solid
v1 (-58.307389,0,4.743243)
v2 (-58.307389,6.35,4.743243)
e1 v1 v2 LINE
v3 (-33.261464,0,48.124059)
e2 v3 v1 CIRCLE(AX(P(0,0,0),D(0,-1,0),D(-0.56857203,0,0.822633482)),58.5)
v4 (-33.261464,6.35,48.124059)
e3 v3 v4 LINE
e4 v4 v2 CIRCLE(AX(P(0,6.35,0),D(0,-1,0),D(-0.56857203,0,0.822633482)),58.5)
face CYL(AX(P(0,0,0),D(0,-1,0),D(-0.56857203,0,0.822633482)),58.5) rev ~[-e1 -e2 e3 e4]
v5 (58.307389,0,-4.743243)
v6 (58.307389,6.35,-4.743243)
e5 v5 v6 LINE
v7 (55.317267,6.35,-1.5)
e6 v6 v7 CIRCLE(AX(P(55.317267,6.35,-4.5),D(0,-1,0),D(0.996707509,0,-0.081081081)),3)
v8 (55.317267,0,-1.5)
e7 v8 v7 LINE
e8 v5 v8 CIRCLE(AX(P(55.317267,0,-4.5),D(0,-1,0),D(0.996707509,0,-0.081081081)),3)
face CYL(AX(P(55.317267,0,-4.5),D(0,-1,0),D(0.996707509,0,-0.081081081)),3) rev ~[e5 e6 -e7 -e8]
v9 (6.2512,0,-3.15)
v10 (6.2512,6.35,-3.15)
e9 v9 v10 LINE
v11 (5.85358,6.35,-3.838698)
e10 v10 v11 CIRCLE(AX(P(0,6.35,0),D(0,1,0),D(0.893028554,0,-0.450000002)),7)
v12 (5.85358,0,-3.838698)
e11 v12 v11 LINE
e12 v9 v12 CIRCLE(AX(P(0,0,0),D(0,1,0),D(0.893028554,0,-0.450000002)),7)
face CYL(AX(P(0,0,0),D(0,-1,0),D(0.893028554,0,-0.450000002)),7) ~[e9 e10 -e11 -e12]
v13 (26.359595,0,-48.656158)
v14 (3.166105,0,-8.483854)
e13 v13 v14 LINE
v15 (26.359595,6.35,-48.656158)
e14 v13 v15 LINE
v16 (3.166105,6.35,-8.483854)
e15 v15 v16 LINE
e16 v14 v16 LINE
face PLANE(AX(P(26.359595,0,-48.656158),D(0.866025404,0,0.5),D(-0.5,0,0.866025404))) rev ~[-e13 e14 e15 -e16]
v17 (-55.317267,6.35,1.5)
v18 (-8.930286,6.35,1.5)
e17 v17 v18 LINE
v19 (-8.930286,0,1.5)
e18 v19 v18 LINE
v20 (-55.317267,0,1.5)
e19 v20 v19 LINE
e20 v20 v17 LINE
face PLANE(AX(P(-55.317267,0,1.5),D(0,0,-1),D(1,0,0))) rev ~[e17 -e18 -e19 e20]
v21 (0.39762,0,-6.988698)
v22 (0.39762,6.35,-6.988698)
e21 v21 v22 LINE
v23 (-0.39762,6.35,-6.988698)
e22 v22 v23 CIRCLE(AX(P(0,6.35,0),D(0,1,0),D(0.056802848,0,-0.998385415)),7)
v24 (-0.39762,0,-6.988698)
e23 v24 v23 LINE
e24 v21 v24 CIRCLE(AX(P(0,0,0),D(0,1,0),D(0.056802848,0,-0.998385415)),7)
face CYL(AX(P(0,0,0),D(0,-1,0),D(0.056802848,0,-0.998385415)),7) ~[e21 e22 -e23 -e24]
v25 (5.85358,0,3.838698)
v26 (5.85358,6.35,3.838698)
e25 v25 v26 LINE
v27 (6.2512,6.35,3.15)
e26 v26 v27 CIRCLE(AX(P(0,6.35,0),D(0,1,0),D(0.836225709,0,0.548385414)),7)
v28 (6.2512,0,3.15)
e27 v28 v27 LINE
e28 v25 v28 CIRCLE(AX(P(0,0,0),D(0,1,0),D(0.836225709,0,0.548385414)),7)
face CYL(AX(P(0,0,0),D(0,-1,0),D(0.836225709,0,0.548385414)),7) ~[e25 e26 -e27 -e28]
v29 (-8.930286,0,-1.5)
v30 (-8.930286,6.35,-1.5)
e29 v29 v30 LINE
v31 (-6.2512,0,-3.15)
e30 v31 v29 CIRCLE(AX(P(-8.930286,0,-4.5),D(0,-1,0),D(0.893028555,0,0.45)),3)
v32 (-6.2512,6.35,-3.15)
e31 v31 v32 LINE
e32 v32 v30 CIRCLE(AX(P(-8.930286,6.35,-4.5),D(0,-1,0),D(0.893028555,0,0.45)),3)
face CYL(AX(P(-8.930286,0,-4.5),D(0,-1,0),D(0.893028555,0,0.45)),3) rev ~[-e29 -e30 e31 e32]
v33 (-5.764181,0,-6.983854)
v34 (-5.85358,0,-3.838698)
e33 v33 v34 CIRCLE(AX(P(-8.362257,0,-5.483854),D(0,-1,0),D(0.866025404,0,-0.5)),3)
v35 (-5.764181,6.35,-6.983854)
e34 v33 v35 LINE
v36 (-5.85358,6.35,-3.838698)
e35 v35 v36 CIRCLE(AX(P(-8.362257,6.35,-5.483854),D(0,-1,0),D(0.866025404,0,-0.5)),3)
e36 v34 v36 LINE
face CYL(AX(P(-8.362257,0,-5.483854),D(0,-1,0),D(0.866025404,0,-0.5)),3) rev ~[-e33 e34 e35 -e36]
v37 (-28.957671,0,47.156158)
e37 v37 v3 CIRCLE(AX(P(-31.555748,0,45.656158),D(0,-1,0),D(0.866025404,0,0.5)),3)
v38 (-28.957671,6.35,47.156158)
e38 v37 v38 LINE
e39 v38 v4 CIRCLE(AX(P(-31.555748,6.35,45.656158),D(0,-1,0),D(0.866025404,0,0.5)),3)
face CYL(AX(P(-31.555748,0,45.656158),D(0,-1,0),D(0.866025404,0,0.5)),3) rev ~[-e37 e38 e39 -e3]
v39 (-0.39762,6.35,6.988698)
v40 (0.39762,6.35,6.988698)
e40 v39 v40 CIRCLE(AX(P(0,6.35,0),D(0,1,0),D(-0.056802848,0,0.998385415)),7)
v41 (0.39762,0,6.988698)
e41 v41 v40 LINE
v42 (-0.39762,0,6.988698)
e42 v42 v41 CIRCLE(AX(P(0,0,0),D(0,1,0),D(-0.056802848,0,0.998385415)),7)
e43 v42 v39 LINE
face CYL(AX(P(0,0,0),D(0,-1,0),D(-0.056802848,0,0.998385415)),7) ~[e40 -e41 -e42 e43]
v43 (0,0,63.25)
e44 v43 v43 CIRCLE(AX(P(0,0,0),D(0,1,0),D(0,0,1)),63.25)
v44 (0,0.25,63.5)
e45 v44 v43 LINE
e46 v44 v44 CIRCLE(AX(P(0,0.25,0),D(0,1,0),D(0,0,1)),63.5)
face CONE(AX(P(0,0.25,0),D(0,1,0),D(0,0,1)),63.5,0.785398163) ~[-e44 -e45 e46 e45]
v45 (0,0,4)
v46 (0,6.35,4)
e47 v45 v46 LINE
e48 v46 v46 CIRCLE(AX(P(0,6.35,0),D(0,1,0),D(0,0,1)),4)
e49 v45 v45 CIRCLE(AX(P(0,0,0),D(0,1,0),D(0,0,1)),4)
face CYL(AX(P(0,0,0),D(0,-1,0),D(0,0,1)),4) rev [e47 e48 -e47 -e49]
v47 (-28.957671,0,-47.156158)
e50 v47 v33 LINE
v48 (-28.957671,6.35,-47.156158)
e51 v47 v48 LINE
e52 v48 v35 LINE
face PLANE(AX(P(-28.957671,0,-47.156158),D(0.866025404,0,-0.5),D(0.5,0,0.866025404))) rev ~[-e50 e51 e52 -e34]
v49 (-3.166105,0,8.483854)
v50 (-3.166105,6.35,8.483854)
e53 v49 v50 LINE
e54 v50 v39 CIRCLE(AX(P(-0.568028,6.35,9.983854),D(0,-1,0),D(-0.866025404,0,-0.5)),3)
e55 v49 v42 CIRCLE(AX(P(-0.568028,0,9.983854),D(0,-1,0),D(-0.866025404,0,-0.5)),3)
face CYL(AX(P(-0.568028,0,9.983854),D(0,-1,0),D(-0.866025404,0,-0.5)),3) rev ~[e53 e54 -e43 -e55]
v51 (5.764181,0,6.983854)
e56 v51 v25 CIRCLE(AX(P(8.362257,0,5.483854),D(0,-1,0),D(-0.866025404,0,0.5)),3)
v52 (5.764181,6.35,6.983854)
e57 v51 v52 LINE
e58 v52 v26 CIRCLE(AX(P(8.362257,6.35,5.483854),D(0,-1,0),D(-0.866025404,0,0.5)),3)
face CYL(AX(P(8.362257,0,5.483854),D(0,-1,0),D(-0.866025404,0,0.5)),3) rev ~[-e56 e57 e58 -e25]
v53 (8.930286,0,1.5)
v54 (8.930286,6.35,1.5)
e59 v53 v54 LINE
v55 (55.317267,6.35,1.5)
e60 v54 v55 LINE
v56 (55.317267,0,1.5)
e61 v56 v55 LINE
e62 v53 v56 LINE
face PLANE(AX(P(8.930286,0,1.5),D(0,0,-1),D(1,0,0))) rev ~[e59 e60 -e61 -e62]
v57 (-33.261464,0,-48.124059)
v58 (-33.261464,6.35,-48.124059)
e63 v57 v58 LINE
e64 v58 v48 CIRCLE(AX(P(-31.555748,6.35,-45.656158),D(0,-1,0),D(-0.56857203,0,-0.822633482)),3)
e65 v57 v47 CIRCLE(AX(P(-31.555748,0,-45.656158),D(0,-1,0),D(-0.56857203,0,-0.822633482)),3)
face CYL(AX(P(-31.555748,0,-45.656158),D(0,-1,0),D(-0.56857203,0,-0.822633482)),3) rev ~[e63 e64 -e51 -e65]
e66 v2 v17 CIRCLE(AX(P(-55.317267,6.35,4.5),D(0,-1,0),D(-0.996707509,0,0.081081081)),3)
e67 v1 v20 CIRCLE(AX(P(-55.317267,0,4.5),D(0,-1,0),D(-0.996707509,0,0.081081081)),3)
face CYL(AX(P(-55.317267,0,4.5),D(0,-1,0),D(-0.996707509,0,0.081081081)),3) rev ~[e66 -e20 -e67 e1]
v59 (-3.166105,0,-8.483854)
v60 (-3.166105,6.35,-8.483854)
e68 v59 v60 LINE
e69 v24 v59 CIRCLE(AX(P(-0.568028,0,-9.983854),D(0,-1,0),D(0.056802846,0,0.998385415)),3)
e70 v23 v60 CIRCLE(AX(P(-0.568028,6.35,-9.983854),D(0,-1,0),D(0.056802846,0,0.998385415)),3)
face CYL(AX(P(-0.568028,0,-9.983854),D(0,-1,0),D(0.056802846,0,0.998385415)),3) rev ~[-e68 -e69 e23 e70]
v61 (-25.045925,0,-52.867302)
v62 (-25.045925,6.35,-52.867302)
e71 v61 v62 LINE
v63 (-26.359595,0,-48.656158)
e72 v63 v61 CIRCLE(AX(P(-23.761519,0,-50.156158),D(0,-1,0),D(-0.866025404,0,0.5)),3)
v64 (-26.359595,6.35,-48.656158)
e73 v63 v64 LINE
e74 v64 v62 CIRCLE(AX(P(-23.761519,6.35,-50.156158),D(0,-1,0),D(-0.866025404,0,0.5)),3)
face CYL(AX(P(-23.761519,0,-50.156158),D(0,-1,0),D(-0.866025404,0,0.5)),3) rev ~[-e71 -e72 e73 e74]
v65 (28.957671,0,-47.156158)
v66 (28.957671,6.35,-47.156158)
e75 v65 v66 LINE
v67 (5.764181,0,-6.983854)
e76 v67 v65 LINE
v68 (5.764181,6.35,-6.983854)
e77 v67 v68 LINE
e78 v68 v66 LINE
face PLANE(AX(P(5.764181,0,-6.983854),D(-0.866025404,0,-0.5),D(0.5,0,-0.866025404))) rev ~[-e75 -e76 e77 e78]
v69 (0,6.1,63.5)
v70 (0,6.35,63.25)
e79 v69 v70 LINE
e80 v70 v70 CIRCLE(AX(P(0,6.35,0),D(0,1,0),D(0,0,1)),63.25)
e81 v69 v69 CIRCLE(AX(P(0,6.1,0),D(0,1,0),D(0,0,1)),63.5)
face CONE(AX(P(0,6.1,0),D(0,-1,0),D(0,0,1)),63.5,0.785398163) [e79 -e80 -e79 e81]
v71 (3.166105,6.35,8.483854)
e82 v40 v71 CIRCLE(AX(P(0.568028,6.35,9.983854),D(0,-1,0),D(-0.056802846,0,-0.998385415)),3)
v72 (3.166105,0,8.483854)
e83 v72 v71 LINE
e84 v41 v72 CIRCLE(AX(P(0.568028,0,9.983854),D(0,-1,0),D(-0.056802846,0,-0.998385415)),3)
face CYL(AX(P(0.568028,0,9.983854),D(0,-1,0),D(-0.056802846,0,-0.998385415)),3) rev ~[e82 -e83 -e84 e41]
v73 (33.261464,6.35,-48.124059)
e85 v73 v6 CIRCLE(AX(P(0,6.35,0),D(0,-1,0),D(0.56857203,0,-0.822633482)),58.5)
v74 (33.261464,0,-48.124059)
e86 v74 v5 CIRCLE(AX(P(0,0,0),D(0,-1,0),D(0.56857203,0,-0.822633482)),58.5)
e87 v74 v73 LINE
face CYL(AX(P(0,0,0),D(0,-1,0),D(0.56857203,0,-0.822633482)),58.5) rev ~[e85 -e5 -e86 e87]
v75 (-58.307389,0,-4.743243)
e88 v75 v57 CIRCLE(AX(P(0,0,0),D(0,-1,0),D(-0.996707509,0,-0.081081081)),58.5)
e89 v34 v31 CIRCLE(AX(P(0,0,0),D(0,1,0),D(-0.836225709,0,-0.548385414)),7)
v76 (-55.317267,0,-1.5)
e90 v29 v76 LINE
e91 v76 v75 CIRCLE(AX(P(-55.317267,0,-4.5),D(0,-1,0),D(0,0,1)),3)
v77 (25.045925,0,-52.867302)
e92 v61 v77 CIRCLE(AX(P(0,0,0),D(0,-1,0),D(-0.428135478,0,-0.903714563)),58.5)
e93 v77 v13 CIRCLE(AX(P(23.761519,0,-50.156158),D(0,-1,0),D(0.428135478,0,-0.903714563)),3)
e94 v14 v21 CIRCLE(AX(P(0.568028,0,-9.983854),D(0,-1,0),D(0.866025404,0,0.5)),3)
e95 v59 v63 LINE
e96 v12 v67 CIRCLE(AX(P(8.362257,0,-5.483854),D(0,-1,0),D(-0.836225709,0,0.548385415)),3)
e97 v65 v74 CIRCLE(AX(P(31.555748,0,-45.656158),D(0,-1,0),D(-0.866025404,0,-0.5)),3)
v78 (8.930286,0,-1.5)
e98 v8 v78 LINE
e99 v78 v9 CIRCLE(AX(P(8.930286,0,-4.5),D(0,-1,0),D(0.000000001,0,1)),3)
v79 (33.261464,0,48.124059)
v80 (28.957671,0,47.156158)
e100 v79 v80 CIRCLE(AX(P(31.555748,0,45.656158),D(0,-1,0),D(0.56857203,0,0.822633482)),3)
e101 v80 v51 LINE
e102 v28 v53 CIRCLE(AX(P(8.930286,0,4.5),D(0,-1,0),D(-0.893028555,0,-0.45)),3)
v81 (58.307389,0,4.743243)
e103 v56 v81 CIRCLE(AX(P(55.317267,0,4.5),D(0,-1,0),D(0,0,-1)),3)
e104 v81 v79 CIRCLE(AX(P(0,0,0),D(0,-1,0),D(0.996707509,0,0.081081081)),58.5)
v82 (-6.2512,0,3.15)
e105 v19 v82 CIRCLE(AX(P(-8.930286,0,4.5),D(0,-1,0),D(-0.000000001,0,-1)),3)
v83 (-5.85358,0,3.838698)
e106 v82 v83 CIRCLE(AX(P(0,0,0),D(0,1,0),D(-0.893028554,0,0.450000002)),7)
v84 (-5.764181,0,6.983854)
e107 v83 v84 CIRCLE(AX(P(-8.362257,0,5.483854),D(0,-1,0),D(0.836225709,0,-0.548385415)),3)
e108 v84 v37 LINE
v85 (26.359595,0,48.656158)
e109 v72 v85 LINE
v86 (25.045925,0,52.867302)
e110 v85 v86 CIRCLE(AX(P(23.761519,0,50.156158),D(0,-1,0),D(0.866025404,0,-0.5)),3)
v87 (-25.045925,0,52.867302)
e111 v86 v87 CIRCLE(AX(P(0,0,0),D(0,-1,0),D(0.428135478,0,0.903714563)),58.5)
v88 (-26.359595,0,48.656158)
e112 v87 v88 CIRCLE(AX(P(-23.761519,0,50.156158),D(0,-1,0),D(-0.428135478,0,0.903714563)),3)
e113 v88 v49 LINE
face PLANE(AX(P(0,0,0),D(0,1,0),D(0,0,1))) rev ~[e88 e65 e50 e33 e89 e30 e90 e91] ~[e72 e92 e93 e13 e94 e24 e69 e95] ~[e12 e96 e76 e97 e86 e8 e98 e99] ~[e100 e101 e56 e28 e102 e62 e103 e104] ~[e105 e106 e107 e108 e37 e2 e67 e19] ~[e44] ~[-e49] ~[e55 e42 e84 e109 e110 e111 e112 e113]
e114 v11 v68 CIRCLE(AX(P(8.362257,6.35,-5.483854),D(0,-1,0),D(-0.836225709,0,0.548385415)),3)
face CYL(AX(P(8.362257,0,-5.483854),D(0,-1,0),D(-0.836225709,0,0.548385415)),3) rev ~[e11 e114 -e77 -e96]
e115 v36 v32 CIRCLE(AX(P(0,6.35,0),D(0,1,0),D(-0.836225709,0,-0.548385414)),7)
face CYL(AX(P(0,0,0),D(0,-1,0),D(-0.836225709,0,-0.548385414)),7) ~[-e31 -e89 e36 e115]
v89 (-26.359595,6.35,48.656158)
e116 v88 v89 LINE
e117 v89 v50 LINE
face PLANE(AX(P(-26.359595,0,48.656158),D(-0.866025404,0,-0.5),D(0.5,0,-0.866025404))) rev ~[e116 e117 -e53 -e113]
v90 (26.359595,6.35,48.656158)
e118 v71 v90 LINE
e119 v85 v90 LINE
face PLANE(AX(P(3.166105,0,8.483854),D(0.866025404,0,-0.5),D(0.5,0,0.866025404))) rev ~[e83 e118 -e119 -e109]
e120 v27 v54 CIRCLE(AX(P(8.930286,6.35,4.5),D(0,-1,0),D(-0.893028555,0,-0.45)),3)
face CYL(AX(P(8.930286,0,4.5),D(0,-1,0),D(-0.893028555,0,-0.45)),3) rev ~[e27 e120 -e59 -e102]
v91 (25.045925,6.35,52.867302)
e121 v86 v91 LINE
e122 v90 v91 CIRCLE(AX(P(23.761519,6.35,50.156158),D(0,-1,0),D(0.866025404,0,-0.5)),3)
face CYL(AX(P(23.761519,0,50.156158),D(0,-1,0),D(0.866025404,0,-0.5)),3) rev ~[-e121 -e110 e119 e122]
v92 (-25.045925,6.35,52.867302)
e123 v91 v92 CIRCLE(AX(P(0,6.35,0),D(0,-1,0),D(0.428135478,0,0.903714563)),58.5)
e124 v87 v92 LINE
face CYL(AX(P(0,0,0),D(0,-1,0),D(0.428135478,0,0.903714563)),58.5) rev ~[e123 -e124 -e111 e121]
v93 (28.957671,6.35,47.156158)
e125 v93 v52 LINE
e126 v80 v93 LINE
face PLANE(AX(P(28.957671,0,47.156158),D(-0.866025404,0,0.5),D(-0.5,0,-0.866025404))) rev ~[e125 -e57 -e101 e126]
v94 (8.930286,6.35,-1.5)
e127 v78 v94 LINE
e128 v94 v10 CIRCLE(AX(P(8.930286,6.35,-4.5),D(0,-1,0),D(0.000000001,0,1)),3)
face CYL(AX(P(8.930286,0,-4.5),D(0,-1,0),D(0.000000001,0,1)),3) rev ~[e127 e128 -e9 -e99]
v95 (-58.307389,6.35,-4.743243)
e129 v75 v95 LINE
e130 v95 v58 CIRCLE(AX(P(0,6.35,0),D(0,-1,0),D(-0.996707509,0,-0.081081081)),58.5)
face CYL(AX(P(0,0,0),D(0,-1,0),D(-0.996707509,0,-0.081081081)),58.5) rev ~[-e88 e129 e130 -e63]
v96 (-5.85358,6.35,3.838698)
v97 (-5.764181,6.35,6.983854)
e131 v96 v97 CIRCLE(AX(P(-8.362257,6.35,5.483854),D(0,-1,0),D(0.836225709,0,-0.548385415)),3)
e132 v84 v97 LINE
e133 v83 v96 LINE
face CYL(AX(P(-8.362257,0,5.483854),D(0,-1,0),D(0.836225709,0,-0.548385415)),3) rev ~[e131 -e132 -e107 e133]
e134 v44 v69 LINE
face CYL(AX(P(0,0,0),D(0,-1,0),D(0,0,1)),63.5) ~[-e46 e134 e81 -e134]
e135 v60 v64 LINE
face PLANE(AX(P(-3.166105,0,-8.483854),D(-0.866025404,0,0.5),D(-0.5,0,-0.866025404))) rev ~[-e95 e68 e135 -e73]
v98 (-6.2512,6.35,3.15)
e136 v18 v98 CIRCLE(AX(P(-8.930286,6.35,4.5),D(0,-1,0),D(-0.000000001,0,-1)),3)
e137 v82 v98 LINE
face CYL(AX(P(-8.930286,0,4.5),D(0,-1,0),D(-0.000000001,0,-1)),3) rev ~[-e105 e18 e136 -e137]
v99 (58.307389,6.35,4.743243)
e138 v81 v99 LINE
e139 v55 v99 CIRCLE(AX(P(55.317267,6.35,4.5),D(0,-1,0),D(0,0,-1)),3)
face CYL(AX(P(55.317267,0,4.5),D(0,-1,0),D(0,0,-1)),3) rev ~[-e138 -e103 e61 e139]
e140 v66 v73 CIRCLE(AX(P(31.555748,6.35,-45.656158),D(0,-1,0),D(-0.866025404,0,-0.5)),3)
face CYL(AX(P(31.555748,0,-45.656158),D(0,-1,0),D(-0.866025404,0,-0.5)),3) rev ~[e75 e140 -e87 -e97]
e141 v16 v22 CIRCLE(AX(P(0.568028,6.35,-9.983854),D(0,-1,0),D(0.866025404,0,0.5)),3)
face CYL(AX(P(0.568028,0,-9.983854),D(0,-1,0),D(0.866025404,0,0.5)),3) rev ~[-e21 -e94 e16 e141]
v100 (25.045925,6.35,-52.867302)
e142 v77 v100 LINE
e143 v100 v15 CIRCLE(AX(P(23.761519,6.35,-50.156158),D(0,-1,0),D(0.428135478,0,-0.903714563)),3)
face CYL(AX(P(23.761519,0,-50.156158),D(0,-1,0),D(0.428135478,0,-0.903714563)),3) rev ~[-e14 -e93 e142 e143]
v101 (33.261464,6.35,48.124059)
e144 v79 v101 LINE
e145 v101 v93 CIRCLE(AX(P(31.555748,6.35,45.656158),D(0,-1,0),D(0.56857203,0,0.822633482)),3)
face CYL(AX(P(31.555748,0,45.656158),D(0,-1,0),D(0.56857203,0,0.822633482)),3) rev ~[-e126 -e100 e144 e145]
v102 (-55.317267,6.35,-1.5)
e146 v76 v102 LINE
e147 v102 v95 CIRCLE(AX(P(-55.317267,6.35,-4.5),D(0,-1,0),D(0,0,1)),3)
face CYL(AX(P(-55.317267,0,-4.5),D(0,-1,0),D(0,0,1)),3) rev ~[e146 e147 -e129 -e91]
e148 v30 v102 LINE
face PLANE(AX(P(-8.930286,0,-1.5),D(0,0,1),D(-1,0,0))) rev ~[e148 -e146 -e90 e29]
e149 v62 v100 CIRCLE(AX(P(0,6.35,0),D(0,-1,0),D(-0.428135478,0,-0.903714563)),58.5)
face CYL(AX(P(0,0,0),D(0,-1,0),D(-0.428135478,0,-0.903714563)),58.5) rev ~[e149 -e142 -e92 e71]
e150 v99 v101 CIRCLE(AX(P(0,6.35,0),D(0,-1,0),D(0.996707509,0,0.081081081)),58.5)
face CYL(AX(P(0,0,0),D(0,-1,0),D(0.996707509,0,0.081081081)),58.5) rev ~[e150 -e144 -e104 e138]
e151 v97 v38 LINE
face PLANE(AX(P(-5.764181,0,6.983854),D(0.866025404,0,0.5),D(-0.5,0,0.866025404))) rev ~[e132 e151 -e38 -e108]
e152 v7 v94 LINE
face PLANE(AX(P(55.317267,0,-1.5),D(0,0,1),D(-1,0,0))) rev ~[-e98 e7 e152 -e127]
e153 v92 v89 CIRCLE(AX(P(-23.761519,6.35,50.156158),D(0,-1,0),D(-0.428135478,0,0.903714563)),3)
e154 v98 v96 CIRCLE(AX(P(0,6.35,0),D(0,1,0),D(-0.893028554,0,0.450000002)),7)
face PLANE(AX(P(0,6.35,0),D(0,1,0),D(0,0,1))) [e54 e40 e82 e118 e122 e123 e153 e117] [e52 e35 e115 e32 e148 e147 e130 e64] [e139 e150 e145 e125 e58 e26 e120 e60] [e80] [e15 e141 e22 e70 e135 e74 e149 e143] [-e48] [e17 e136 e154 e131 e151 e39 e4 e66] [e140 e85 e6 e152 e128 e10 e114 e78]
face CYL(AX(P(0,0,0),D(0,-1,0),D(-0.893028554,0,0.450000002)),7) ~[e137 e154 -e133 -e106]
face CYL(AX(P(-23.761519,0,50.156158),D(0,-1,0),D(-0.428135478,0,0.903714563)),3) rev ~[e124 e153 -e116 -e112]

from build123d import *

# Parameters (mm, degrees)
SKETCH1_R           = 63.5
SKETCH1_R_2         = 4
BOSS_EXTRUDE3_DEPTH = 6.35
CHAMFER2_SIZE       = 0.25


with BuildPart() as part:
    # Sketch1 → Boss-Extrude3 (new body)
    with BuildSketch(Plane(origin=(0, 0, 0), x_dir=(1, 0, 0), z_dir=(0, 1, 0))):
        Circle(SKETCH1_R)
        Circle(SKETCH1_R_2, mode=Mode.SUBTRACT)
        with BuildLine():
            Line((-3.166104669, 8.483854149), (-26.359595266, 48.656158268))
            ThreePointArc((-26.359595266, 48.656158268), (-26.62540639, 51.049550304), (-25.04592549, 52.867301958))
            ThreePointArc((-25.04592549, 52.867301958), (0, 58.5), (25.04592549, 52.867301958))
            ThreePointArc((25.04592549, 52.867301958), (26.62540639, 51.049550304), (26.359595266, 48.656158268))
            Line((26.359595266, 48.656158268), (3.166104669, 8.483854149))
            ThreePointArc((3.166104669, 8.483854149), (1.993604002, 7.344207512), (0.39761992, 6.988697904))
            ThreePointArc((0.39761992, 6.988697904), (0, 7), (-0.39761992, 6.988697904))
            ThreePointArc((-0.39761992, 6.988697904), (-1.993604002, 7.344207512), (-3.166104669, 8.483854149))
        make_face(mode=Mode.SUBTRACT)
        with BuildLine():
            Line((5.764180881, 6.983854149), (28.957671478, 47.156158268))
            ThreePointArc((28.957671478, 47.156158268), (30.89750422, 48.583053472), (33.26146378, 48.124058715))
            ThreePointArc((33.26146378, 48.124058715), (50.662486121, 29.25), (58.30738927, 4.743243243))
            ThreePointArc((58.30738927, 4.743243243), (57.52291061, 2.466496832), (55.317266744, 1.5))
            Line((55.317266744, 1.5), (8.93028555, 1.5))
            ThreePointArc((8.93028555, 1.5), (7.357072277, 1.945592045), (6.251199885, 3.15))
            ThreePointArc((6.251199885, 3.15), (6.062177826, 3.5), (5.853579964, 3.838697904))
            ThreePointArc((5.853579964, 3.838697904), (5.363468275, 5.398615467), (5.764180881, 6.983854149))
        make_face(mode=Mode.SUBTRACT)
        with BuildLine():
            Line((8.93028555, -1.5), (55.317266744, -1.5))
            ThreePointArc((55.317266744, -1.5), (57.52291061, -2.466496832), (58.30738927, -4.743243243))
            ThreePointArc((58.30738927, -4.743243243), (50.662486121, -29.25), (33.26146378, -48.124058715))
            ThreePointArc((33.26146378, -48.124058715), (30.89750422, -48.583053472), (28.957671478, -47.156158268))
            Line((28.957671478, -47.156158268), (5.764180881, -6.983854149))
            ThreePointArc((5.764180881, -6.983854149), (5.363468275, -5.398615467), (5.853579964, -3.838697904))
            ThreePointArc((5.853579964, -3.838697904), (6.062177826, -3.5), (6.251199885, -3.15))
            ThreePointArc((6.251199885, -3.15), (7.357072277, -1.945592045), (8.93028555, -1.5))
        make_face(mode=Mode.SUBTRACT)
        with BuildLine():
            Line((3.166104669, -8.483854149), (26.359595266, -48.656158268))
            ThreePointArc((26.359595266, -48.656158268), (26.62540639, -51.049550304), (25.04592549, -52.867301958))
            ThreePointArc((25.04592549, -52.867301958), (0, -58.5), (-25.04592549, -52.867301958))
            ThreePointArc((-25.04592549, -52.867301958), (-26.62540639, -51.049550304), (-26.359595266, -48.656158268))
            Line((-26.359595266, -48.656158268), (-3.166104669, -8.483854149))
            ThreePointArc((-3.166104669, -8.483854149), (-1.993604002, -7.344207512), (-0.39761992, -6.988697904))
            ThreePointArc((-0.39761992, -6.988697904), (0, -7), (0.39761992, -6.988697904))
            ThreePointArc((0.39761992, -6.988697904), (1.993604002, -7.344207512), (3.166104669, -8.483854149))
        make_face(mode=Mode.SUBTRACT)
        with BuildLine():
            Line((-5.764180881, -6.983854149), (-28.957671478, -47.156158268))
            ThreePointArc((-28.957671478, -47.156158268), (-30.89750422, -48.583053472), (-33.26146378, -48.124058715))
            ThreePointArc((-33.26146378, -48.124058715), (-50.662486121, -29.25), (-58.30738927, -4.743243243))
            ThreePointArc((-58.30738927, -4.743243243), (-57.52291061, -2.466496832), (-55.317266744, -1.5))
            Line((-55.317266744, -1.5), (-8.93028555, -1.5))
            ThreePointArc((-8.93028555, -1.5), (-7.357072277, -1.945592045), (-6.251199885, -3.15))
            ThreePointArc((-6.251199885, -3.15), (-6.062177826, -3.5), (-5.853579964, -3.838697904))
            ThreePointArc((-5.853579964, -3.838697904), (-5.363468275, -5.398615467), (-5.764180881, -6.983854149))
        make_face(mode=Mode.SUBTRACT)
        with BuildLine():
            Line((-8.93028555, 1.5), (-55.317266744, 1.5))
            ThreePointArc((-55.317266744, 1.5), (-57.52291061, 2.466496832), (-58.30738927, 4.743243243))
            ThreePointArc((-58.30738927, 4.743243243), (-50.662486121, 29.25), (-33.26146378, 48.124058715))
            ThreePointArc((-33.26146378, 48.124058715), (-30.89750422, 48.583053472), (-28.957671478, 47.156158268))
            Line((-28.957671478, 47.156158268), (-5.764180881, 6.983854149))
            ThreePointArc((-5.764180881, 6.983854149), (-5.363468275, 5.398615467), (-5.853579964, 3.838697904))
            ThreePointArc((-5.853579964, 3.838697904), (-6.062177826, 3.5), (-6.251199885, 3.15))
            ThreePointArc((-6.251199885, 3.15), (-7.357072277, 1.945592045), (-8.93028555, 1.5))
        make_face(mode=Mode.SUBTRACT)
    extrude(amount=BOSS_EXTRUDE3_DEPTH)

    # Chamfer2
    chamfer2_edges = [part.edges().sort_by_distance(p)[0] for p in [
        (-63.5, 6.35, 0),
        (-63.5, 6.35, 0),
        (-63.5, 6.35, 0),
        (-63.5, 6.35, 0),
        (-63.5, 0, 0),
        (-63.5, 0, 0),
        (-63.5, 0, 0),
        (-63.5, 0, 0),
    ]]
    chamfer(chamfer2_edges, length=CHAMFER2_SIZE)


solid = part.part
